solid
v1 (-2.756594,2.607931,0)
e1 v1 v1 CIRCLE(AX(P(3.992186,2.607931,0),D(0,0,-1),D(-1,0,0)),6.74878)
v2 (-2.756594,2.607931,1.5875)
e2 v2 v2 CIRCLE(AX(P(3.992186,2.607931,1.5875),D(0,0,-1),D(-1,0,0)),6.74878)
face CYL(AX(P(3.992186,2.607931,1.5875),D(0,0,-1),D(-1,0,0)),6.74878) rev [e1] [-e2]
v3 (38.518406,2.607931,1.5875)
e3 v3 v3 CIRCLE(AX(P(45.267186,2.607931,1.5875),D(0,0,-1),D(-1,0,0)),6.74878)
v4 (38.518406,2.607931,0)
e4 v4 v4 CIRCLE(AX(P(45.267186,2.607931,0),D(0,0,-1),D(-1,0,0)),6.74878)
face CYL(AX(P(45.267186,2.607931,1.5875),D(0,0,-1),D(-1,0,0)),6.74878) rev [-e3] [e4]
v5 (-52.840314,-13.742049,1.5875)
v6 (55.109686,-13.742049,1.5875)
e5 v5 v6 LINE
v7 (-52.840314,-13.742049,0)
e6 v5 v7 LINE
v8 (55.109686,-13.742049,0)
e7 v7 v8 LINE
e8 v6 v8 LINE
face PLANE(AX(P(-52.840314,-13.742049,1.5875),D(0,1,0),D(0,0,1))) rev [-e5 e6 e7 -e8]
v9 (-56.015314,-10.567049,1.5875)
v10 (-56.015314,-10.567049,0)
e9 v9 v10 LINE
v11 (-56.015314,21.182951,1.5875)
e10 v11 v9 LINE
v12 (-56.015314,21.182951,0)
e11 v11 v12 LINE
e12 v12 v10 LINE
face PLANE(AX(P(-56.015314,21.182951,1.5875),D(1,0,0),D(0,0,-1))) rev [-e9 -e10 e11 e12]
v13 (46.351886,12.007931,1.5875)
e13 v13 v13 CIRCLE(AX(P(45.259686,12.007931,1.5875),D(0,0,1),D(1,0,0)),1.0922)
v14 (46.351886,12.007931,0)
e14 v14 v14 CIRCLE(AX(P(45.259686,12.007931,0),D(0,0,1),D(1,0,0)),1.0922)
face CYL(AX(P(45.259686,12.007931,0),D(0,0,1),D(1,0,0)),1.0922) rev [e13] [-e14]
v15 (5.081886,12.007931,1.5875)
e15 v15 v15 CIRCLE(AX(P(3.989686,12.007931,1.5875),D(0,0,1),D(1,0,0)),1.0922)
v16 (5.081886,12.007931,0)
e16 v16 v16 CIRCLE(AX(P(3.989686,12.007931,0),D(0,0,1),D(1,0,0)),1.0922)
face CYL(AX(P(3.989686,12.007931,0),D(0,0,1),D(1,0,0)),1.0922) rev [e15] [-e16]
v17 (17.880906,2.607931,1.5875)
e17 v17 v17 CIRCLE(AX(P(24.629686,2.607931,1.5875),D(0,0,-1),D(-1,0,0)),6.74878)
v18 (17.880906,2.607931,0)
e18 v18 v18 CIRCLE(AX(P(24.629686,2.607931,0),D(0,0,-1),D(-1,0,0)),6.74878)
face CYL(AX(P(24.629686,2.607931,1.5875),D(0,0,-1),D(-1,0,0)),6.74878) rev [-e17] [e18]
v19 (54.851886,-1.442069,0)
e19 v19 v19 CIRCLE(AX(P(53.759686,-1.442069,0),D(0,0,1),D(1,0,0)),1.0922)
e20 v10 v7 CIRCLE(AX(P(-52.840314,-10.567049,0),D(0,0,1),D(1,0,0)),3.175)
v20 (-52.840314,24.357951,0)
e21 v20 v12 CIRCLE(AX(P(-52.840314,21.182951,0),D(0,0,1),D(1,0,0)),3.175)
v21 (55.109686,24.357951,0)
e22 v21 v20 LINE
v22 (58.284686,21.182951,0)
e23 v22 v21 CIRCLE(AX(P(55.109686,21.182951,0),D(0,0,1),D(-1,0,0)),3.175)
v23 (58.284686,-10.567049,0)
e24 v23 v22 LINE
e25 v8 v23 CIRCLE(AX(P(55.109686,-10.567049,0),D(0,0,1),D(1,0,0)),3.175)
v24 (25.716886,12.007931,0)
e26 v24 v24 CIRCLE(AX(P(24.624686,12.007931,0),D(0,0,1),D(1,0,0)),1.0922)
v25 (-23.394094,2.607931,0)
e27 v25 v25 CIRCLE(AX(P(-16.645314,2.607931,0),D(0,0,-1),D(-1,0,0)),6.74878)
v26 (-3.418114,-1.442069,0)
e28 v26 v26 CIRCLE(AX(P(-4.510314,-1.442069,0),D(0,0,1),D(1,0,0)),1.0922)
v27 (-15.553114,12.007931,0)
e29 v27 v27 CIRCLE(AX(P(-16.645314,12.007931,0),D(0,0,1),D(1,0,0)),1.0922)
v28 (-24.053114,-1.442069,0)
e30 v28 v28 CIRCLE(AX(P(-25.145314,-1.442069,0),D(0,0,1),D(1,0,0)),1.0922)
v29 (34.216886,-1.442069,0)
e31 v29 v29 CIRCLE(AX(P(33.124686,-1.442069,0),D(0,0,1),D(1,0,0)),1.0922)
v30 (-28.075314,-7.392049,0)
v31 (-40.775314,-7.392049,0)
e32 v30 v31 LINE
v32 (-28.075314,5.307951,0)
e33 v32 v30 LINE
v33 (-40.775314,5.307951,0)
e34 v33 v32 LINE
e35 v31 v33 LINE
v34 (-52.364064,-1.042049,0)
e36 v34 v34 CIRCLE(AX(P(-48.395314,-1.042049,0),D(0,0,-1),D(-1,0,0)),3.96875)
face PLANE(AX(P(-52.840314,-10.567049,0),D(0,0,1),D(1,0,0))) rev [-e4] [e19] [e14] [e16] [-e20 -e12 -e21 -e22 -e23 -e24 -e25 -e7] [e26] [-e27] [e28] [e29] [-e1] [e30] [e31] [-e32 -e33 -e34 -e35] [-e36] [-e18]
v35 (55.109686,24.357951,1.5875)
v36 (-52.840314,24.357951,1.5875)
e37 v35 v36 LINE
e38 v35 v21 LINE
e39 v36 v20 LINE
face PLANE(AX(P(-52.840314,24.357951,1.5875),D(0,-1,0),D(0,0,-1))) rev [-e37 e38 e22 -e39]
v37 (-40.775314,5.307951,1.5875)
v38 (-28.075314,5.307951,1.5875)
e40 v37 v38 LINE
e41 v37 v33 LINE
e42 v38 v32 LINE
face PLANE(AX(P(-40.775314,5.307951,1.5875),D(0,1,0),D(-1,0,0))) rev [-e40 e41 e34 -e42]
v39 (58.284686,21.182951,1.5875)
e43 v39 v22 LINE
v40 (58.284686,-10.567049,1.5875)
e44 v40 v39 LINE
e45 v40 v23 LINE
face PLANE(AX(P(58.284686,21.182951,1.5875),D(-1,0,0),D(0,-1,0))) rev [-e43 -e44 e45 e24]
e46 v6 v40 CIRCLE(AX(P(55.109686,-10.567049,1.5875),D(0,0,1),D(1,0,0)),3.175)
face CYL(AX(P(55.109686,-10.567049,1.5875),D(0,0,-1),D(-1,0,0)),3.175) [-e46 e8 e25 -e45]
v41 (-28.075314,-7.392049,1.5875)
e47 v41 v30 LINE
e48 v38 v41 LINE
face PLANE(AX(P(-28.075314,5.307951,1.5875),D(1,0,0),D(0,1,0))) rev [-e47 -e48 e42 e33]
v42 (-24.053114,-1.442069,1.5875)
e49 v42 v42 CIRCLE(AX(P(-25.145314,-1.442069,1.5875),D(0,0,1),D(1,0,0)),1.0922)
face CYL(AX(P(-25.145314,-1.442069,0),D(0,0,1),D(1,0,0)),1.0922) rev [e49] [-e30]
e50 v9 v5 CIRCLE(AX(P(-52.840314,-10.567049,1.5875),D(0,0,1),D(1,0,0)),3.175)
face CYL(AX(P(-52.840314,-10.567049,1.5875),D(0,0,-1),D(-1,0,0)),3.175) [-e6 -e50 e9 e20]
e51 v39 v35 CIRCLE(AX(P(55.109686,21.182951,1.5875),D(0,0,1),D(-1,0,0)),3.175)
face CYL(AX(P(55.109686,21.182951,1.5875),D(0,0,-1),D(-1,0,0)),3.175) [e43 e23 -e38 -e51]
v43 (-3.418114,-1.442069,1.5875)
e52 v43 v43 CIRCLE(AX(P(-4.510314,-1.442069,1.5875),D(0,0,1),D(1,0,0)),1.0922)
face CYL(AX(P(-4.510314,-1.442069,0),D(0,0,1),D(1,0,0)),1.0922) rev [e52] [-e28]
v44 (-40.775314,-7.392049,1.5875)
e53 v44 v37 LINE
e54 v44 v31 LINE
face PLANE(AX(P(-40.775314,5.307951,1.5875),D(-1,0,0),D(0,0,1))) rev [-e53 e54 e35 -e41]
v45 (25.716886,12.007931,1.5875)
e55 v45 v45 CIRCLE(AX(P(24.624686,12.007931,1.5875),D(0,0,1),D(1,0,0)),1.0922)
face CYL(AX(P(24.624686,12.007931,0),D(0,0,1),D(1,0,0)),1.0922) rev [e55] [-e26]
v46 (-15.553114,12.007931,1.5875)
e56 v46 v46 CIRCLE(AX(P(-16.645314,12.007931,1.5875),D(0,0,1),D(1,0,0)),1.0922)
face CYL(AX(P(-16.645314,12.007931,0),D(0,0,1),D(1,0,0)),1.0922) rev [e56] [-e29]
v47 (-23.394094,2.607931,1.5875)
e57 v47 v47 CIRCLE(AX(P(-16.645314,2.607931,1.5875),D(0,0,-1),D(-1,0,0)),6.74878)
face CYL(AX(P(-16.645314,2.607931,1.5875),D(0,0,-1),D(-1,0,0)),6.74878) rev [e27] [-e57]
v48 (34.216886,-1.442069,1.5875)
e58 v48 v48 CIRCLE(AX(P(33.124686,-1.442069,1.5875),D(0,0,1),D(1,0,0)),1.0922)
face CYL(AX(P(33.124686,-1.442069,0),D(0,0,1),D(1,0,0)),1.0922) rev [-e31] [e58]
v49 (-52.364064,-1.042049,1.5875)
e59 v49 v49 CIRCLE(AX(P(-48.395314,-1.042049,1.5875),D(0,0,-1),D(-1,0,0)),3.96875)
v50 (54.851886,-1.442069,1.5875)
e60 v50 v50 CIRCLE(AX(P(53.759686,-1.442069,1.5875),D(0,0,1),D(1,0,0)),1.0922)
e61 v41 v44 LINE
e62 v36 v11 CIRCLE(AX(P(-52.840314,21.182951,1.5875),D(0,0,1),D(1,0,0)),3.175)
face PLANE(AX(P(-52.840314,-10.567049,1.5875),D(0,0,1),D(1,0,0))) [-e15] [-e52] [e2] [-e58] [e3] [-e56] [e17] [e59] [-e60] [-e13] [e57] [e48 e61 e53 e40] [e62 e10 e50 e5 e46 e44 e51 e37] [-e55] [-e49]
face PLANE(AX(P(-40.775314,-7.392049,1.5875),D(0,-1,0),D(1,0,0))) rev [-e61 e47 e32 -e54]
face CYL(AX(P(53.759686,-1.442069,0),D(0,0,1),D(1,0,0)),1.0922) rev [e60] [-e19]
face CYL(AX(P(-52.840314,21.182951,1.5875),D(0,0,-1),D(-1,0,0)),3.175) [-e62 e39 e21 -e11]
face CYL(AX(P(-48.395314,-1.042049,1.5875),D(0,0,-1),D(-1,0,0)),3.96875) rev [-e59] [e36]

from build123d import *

# Parameters (mm, degrees)
BOSS_EXTRUDE1_DEPTH = 1.5875
SKETCH2_R           = 6.74878
SKETCH2_R_2         = 3.96875
SKETCH2_W           = 12.7
SKETCH2_H           = 12.7
CUT_EXTRUDE1_DEPTH  = 1.5875
SKETCH3_R           = 1.0922
CUT_EXTRUDE2_DEPTH  = 64.189671282


with BuildPart() as part:
    # Sketch1 → Boss-Extrude1 (new body)
    with BuildSketch(Plane.XY):
        with BuildLine():
            Line((-52.840313991, 24.357951008), (55.109686009, 24.357951008))
            ThreePointArc((55.109686009, 24.357951008), (57.354750039, 23.428015038), (58.284686009, 21.182951008))
            Line((58.284686009, 21.182951008), (58.284686009, -10.567048992))
            ThreePointArc((58.284686009, -10.567048992), (57.354750039, -12.812113022), (55.109686009, -13.742048992))
            Line((55.109686009, -13.742048992), (-52.840313991, -13.742048992))
            ThreePointArc((-52.840313991, -13.742048992), (-55.085378022, -12.812113022), (-56.015313991, -10.567048992))
            Line((-56.015313991, -10.567048992), (-56.015313991, 21.182951008))
            ThreePointArc((-56.015313991, 21.182951008), (-55.085378022, 23.428015038), (-52.840313991, 24.357951008))
        make_face()
    extrude(amount=BOSS_EXTRUDE1_DEPTH)

    # Sketch2 → Cut-Extrude1 (cut)
    with BuildSketch(Plane(origin=(0, 0, 0), x_dir=(-1, 0, 0), z_dir=(0, 0, -1))):
        with Locations((16.645313991, 2.607931008)):
            Circle(SKETCH2_R)
        with Locations((-3.992186009, 2.607931008)):
            Circle(SKETCH2_R)
        with Locations((-24.629686009, 2.607931008)):
            Circle(SKETCH2_R)
        with Locations((-45.267186009, 2.607931008)):
            Circle(SKETCH2_R)
        with Locations((48.395313991, -1.042048992)):
            Circle(SKETCH2_R_2)
        with Locations((34.425313991, -1.042048992)):
            Rectangle(SKETCH2_W, SKETCH2_H)
    extrude(amount=-CUT_EXTRUDE1_DEPTH, mode=Mode.SUBTRACT)

    # Sketch3 → Cut-Extrude2 (cut, through all)
    with BuildSketch(Plane.XY.offset(1.5875)):
        with Locations((-16.645313991, 12.00793098)):
            Circle(SKETCH3_R)
        with Locations((3.989686009, 12.00793098)):
            Circle(SKETCH3_R)
        with Locations((24.624686009, 12.00793098)):
            Circle(SKETCH3_R)
        with Locations((-25.145314009, -1.44206902)):
            Circle(SKETCH3_R)
        with Locations((-4.510314009, -1.44206902)):
            Circle(SKETCH3_R)
        with Locations((33.124685991, -1.44206902)):
            Circle(SKETCH3_R)
        with Locations((45.259686009, 12.00793098)):
            Circle(SKETCH3_R)
        with Locations((53.759685991, -1.44206902)):
            Circle(SKETCH3_R)
    extrude(amount=-CUT_EXTRUDE2_DEPTH, mode=Mode.SUBTRACT)


solid = part.part
